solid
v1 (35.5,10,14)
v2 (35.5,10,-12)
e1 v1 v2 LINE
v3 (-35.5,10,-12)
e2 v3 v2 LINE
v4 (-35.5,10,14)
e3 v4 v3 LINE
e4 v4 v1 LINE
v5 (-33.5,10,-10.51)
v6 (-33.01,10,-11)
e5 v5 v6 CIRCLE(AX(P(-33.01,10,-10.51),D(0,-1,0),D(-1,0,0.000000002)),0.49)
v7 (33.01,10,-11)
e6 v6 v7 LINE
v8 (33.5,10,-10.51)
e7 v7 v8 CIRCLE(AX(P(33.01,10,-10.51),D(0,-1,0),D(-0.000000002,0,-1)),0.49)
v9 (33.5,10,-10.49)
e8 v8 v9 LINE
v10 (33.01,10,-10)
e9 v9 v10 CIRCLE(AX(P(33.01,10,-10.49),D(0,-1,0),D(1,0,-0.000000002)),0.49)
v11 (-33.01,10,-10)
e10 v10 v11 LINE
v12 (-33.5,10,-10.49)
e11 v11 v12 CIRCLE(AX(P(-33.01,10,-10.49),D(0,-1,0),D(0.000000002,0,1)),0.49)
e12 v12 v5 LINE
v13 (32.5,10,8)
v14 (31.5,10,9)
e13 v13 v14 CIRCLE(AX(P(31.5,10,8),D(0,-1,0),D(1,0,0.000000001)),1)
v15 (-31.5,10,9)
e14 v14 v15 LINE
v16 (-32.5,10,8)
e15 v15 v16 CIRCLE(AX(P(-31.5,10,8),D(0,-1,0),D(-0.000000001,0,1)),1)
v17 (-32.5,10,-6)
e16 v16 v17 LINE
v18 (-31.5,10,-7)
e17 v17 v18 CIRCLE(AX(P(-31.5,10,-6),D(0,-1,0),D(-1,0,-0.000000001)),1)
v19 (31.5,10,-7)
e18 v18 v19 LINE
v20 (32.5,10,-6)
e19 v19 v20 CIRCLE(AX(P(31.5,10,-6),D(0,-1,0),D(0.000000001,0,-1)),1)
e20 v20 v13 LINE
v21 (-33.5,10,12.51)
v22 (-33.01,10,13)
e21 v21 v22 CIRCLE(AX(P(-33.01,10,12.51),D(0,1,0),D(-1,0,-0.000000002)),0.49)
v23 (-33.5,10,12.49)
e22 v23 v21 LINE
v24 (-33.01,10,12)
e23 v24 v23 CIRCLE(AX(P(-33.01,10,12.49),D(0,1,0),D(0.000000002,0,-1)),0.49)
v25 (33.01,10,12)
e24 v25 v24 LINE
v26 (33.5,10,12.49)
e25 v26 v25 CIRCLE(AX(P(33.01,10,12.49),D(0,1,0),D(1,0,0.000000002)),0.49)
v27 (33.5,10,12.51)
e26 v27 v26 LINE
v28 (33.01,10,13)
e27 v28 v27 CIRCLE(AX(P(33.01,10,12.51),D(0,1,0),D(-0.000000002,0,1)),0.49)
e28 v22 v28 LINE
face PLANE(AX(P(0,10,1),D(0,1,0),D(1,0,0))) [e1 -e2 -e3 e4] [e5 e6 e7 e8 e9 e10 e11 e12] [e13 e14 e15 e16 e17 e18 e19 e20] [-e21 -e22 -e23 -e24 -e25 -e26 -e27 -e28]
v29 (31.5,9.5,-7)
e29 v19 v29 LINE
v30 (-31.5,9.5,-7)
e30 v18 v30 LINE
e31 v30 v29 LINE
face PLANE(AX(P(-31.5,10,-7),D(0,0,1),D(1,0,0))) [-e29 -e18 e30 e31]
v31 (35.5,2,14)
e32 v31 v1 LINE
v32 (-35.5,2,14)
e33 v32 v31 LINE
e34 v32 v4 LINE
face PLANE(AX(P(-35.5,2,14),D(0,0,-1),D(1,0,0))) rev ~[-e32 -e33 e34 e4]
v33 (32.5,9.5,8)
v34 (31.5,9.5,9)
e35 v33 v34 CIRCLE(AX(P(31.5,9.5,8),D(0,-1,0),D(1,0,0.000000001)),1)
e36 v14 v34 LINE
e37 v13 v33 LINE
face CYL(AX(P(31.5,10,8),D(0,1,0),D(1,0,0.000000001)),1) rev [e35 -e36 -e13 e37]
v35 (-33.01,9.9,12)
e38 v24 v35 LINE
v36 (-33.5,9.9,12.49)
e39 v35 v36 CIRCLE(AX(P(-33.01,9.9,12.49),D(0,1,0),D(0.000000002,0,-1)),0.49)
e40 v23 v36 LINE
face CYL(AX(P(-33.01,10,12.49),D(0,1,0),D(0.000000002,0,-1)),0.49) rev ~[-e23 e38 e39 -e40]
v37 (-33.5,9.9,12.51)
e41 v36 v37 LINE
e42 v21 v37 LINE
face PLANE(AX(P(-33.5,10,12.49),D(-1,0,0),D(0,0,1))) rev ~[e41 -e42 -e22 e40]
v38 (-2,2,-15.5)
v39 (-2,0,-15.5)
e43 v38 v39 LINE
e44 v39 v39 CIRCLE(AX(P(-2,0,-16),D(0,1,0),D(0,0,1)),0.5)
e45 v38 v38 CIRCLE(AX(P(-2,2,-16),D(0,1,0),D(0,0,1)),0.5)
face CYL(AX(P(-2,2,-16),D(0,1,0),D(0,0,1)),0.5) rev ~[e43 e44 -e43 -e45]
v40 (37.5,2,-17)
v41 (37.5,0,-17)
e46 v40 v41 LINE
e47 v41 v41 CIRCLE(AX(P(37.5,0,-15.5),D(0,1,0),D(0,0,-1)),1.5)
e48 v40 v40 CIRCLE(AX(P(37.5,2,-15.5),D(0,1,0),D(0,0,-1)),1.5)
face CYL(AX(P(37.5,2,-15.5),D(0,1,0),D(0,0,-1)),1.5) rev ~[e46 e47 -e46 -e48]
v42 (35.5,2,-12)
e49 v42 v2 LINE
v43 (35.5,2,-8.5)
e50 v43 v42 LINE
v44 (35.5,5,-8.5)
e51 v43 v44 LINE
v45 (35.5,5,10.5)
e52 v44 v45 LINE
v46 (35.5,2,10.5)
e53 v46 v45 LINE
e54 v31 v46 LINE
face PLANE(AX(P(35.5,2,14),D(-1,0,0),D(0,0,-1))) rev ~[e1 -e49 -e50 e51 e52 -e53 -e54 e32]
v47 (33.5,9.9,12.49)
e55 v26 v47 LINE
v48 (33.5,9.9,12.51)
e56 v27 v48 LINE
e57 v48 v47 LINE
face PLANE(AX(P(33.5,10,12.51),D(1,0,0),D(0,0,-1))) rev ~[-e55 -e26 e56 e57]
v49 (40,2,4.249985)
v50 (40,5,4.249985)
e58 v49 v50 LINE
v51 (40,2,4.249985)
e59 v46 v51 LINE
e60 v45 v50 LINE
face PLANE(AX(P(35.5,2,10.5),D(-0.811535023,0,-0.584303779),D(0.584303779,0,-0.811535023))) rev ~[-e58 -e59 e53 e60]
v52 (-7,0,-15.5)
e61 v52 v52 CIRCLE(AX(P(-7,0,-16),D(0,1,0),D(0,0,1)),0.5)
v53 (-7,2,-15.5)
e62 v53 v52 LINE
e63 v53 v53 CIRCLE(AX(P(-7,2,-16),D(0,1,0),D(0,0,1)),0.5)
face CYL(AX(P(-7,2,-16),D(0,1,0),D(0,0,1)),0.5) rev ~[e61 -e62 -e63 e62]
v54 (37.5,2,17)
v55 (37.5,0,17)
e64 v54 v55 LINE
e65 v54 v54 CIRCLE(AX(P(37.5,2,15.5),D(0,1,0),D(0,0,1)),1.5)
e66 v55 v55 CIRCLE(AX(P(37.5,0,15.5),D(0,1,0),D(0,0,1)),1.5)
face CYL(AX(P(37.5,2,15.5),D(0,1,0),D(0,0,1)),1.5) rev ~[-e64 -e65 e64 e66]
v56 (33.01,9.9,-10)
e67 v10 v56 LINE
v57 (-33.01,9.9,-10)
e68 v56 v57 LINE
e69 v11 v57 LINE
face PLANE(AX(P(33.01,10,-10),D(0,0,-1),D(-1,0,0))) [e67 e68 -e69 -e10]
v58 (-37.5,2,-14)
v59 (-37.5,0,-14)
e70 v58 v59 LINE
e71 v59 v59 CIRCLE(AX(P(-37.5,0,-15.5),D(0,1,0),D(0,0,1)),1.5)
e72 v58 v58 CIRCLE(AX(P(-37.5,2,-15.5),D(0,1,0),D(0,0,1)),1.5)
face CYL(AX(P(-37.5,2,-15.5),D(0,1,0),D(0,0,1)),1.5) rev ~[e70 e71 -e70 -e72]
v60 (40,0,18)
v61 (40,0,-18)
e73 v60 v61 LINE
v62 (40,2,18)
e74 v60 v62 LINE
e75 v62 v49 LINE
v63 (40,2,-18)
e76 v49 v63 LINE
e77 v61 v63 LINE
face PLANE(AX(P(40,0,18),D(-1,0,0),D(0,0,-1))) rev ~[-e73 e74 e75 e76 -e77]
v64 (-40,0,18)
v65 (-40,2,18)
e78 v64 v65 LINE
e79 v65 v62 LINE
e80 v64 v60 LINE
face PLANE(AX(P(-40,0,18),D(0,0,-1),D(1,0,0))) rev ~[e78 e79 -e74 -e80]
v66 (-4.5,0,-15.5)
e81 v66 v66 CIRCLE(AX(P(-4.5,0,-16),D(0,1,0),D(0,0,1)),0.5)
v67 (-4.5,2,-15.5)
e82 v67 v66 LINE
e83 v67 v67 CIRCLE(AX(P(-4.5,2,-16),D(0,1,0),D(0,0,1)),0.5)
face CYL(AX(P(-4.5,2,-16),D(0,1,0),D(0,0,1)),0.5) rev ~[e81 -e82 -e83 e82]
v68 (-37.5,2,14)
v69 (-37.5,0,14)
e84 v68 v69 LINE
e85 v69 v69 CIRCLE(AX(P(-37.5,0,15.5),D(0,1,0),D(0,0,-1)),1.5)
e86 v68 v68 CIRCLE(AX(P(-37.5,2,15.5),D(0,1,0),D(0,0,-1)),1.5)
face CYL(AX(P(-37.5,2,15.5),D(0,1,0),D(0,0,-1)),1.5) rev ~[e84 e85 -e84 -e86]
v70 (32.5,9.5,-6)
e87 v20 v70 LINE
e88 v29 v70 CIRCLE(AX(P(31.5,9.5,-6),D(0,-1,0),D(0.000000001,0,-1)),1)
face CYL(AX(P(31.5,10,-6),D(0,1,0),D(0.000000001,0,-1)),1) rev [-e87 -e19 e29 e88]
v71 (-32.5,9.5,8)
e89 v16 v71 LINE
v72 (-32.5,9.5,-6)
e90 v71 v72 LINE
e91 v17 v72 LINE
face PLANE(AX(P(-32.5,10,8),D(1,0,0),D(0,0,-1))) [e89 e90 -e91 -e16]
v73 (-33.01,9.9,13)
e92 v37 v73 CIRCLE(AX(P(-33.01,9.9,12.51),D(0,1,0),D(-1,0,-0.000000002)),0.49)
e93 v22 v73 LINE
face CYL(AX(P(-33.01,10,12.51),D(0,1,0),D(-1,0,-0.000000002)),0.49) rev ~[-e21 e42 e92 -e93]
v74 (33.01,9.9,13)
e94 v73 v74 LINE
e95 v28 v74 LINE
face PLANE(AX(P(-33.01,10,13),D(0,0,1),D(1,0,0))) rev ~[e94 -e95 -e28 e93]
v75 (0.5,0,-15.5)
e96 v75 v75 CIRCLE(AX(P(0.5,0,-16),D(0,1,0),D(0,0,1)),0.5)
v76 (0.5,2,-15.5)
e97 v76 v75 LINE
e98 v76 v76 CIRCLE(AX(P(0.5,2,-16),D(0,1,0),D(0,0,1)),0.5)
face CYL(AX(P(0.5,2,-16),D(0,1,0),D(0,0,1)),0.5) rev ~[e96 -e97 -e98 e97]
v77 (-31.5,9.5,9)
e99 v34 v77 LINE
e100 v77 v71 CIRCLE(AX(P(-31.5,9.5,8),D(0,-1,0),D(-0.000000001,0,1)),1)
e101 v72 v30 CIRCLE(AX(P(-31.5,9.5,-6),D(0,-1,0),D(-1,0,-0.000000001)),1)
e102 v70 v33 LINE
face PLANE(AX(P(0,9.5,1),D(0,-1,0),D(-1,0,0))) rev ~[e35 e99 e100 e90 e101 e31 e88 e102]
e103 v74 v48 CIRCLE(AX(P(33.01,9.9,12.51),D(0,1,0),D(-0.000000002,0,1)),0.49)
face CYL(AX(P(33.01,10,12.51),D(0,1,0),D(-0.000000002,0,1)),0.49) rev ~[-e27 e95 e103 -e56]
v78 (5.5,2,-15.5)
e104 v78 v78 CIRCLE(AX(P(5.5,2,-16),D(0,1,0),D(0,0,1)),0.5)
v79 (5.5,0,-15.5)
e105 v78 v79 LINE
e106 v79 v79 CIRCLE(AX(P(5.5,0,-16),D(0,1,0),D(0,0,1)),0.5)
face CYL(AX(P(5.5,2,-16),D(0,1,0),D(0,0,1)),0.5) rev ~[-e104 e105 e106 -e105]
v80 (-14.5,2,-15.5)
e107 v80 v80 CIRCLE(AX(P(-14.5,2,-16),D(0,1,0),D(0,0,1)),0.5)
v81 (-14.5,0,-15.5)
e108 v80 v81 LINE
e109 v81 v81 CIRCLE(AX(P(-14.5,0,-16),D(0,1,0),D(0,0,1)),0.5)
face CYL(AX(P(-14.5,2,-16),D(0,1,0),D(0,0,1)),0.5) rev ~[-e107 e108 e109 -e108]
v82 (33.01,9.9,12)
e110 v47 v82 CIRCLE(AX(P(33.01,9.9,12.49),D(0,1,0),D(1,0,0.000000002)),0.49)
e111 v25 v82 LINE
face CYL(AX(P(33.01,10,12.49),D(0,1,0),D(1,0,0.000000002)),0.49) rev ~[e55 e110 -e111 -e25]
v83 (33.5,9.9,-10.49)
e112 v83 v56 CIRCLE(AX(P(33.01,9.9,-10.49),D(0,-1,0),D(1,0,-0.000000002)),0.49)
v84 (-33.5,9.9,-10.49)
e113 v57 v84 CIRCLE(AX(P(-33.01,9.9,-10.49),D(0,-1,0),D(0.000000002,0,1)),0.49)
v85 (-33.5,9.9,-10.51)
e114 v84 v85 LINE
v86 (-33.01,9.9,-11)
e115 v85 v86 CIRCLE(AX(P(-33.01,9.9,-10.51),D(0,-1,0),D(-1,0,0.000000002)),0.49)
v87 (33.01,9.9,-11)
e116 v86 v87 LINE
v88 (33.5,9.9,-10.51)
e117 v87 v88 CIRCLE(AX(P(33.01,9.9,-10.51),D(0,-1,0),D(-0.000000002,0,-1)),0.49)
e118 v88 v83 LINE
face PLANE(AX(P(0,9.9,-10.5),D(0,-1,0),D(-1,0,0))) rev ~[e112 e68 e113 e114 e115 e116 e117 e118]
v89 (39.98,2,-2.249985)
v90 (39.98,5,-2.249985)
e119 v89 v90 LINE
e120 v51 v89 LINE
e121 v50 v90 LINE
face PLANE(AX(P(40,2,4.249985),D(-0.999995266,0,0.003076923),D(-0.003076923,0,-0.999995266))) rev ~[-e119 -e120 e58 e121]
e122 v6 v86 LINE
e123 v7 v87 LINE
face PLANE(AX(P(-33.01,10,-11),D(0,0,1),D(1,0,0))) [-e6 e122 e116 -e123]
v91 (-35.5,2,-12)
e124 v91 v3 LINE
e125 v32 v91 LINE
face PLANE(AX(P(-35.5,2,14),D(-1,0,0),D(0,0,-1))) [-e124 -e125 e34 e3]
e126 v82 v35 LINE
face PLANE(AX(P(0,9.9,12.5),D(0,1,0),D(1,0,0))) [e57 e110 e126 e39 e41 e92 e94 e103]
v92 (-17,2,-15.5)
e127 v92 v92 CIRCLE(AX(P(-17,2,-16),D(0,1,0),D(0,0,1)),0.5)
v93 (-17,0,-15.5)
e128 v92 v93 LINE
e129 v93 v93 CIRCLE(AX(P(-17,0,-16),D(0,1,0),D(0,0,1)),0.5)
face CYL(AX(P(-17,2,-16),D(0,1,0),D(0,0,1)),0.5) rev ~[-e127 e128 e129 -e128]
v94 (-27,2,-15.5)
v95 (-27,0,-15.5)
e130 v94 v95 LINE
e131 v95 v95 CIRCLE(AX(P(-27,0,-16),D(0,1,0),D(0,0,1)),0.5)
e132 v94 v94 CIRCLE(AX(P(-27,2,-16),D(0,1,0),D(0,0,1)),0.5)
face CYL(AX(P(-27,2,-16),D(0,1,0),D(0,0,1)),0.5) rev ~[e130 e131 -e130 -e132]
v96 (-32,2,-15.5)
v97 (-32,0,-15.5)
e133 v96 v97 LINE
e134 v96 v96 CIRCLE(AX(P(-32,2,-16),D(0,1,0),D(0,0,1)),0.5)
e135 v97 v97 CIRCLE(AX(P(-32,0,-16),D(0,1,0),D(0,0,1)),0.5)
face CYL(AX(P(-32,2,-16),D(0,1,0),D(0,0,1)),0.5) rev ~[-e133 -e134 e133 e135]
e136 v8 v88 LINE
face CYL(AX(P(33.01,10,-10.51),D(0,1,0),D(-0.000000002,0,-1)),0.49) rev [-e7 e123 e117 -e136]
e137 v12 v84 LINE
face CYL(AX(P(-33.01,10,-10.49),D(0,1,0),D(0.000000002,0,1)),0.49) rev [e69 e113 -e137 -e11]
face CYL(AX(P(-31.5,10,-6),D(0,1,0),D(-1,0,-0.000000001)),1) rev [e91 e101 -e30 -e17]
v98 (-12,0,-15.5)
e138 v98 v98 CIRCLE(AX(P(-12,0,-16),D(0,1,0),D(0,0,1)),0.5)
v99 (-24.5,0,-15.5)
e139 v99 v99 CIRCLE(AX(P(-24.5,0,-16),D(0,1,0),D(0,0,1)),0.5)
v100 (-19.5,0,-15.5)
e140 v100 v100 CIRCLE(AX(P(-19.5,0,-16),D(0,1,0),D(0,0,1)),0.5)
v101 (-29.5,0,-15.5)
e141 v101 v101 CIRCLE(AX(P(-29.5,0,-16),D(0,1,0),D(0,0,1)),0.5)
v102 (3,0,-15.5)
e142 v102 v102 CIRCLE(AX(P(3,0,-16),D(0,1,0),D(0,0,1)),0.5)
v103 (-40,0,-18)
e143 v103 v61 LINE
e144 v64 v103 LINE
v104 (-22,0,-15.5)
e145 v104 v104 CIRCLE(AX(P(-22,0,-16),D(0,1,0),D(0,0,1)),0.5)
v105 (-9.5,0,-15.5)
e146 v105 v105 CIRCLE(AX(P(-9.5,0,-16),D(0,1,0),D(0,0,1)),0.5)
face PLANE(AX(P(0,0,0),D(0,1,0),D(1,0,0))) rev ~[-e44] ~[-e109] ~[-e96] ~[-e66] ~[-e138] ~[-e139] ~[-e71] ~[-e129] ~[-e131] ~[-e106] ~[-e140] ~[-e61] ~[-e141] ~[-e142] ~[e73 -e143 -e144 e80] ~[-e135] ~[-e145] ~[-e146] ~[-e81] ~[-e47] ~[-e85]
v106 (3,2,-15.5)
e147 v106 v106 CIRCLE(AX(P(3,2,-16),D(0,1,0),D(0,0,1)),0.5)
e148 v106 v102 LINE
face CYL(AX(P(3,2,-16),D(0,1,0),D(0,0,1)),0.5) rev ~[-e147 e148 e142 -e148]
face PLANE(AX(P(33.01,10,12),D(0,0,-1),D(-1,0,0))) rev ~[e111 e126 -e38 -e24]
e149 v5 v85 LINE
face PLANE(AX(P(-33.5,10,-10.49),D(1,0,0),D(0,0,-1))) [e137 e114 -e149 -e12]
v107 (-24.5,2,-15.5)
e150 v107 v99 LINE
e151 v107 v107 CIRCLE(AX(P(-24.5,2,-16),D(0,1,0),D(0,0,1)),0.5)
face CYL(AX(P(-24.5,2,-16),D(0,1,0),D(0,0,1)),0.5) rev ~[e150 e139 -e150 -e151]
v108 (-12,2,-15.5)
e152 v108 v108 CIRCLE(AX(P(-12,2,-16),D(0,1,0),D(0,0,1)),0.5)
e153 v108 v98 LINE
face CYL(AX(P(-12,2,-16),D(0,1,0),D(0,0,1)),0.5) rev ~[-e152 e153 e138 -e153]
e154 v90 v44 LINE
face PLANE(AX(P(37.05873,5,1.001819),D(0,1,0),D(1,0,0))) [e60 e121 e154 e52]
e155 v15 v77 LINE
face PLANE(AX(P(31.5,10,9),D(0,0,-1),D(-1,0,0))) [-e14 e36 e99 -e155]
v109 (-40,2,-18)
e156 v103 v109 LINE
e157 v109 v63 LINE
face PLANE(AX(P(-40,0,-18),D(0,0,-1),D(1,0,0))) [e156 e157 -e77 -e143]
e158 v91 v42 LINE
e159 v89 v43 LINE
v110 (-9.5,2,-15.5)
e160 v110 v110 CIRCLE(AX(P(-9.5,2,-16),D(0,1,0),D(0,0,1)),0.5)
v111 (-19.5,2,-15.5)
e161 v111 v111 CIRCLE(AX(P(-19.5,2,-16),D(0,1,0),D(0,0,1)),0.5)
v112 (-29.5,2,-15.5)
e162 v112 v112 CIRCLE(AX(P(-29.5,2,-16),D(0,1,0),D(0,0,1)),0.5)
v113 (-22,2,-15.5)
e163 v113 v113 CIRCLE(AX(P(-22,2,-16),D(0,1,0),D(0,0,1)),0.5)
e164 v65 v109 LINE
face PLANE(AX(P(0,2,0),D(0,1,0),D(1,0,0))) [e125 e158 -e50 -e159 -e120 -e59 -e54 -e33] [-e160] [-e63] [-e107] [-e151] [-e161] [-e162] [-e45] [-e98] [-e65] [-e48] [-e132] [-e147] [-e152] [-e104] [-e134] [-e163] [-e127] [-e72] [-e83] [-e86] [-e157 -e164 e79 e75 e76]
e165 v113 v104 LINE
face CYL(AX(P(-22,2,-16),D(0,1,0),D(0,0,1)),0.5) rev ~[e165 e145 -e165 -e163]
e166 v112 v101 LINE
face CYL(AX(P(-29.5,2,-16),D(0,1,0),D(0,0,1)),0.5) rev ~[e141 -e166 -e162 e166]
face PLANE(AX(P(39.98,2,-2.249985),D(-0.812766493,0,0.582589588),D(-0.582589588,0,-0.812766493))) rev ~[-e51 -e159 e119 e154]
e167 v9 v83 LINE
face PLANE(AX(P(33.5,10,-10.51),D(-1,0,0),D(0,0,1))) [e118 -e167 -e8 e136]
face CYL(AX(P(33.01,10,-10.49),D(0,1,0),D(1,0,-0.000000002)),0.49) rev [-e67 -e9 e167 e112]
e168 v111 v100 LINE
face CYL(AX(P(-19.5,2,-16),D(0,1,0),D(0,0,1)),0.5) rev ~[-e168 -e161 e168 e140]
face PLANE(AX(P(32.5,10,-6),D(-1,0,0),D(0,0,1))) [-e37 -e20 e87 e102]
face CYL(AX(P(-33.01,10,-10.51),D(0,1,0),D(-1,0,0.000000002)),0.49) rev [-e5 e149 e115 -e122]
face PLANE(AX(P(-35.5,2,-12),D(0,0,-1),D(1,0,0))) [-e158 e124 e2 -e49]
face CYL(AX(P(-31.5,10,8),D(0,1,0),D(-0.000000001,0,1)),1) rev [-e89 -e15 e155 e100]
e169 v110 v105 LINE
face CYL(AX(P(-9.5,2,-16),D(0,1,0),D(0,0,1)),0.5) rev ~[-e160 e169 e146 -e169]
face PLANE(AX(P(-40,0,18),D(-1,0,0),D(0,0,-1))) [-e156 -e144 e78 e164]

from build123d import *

# Parameters (mm, degrees)
SKETCH1_W           = 80
SKETCH1_H           = 36
BOSS_EXTRUDE1_DEPTH = 2
SKETCH2_R           = 1.5
CUT_EXTRUDE1_DEPTH  = 44.9089968
SKETCH3_W           = 71
SKETCH3_H           = 26
BOSS_EXTRUDE2_DEPTH = 8
CUT_EXTRUDE2_DEPTH  = 0.5
CUT_EXTRUDE3_DEPTH  = 0.1
BOSS_EXTRUDE3_DEPTH = 3
SKETCH10_R          = 0.5
CUT_EXTRUDE4_DEPTH  = 45.586993619


with BuildPart() as part:
    # Sketch1 → Boss-Extrude1 (new body)
    with BuildSketch(Plane(origin=(0, 0, 0), x_dir=(1, 0, 0), z_dir=(0, 1, 0))):
        Rectangle(SKETCH1_W, SKETCH1_H)
    extrude(amount=BOSS_EXTRUDE1_DEPTH)

    # Sketch2 → Cut-Extrude1 (cut, through all)
    with BuildSketch(Plane(origin=(0, 2, 0), x_dir=(1, 0, 0), z_dir=(0, 1, 0))):
        with Locations(Location((-37.5, 15.5, 0), (0, 0, 270))):
            Circle(SKETCH2_R)
        with Locations(Location((37.5, 15.5, 0), (0, 0, 90))):
            Circle(SKETCH2_R)
        with Locations(Location((-37.5, -15.5, 0), (0, 0, 90))):
            Circle(SKETCH2_R)
        with Locations(Location((37.5, -15.5, 0), (0, 0, 270))):
            Circle(SKETCH2_R)
    extrude(amount=-CUT_EXTRUDE1_DEPTH, mode=Mode.SUBTRACT)

    # Sketch3 → Boss-Extrude2 (add)
    with BuildSketch(Plane(origin=(0, 2, 0), x_dir=(1, 0, 0), z_dir=(0, 1, 0))):
        with Locations((0, -1)):
            Rectangle(SKETCH3_W, SKETCH3_H)
    extrude(amount=BOSS_EXTRUDE2_DEPTH)

    # Sketch5 → Cut-Extrude2 (cut)
    with BuildSketch(Plane(origin=(0, 10, 0), x_dir=(1, 0, 0), z_dir=(0, 1, 0))):
        with BuildLine():
            Line((-31.5, 7), (31.5, 7))
            ThreePointArc((31.5, 7), (32.207106781, 6.707106781), (32.5, 6))
            Line((32.5, 6), (32.5, -8))
            ThreePointArc((32.5, -8), (32.207106781, -8.707106781), (31.5, -9))
            Line((31.5, -9), (-31.5, -9))
            ThreePointArc((-31.5, -9), (-32.207106781, -8.707106781), (-32.5, -8))
            Line((-32.5, -8), (-32.5, 6))
            ThreePointArc((-32.5, 6), (-32.207106781, 6.707106781), (-31.5, 7))
        make_face()
    extrude(amount=-CUT_EXTRUDE2_DEPTH, mode=Mode.SUBTRACT)

    # Sketch6 → Cut-Extrude3 (cut)
    with BuildSketch(Plane(origin=(0, 10, 0), x_dir=(1, 0, 0), z_dir=(0, 1, 0))):
        with BuildLine():
            Line((33.01, 10), (-33.01, 10))
            ThreePointArc((-33.01, 10), (-33.356482323, 10.143517677), (-33.5, 10.49))
            Line((-33.5, 10.49), (-33.5, 10.51))
            ThreePointArc((-33.5, 10.51), (-33.356482323, 10.856482323), (-33.01, 11))
            Line((-33.01, 11), (33.01, 11))
            ThreePointArc((33.01, 11), (33.356482323, 10.856482323), (33.5, 10.51))
            Line((33.5, 10.51), (33.5, 10.49))
            ThreePointArc((33.5, 10.49), (33.356482323, 10.143517677), (33.01, 10))
        make_face()
        with BuildLine():
            Line((-33.5, -12.49), (-33.5, -12.51))
            ThreePointArc((-33.5, -12.51), (-33.356482323, -12.856482323), (-33.01, -13))
            Line((-33.01, -13), (33.01, -13))
            ThreePointArc((33.01, -13), (33.356482323, -12.856482323), (33.5, -12.51))
            Line((33.5, -12.51), (33.5, -12.49))
            ThreePointArc((33.5, -12.49), (33.356482323, -12.143517677), (33.01, -12))
            Line((33.01, -12), (-33.01, -12))
            ThreePointArc((-33.01, -12), (-33.356482323, -12.143517677), (-33.5, -12.49))
        make_face()
    extrude(amount=-CUT_EXTRUDE3_DEPTH, mode=Mode.SUBTRACT)

    # Sketch7 → Boss-Extrude3 (add)
    with BuildSketch(Plane(origin=(0, 2, 0), x_dir=(1, 0, 0), z_dir=(0, 1, 0))):
        Polygon((35.5, 8.5), (35.5, -10.5), (40, -4.249984615), (39.98, 2.249984615), align=None)
    extrude(amount=BOSS_EXTRUDE3_DEPTH)

    # Sketch10 → Cut-Extrude4 (cut, through all)
    with BuildSketch(Plane(origin=(0, 2, 0), x_dir=(1, 0, 0), z_dir=(0, 1, 0))):
        with Locations(Location((-32, 16, 0), (0, 0, 270))):
            Circle(SKETCH10_R)
        with Locations(Location((-29.5, 16, 0), (0, 0, 270))):
            Circle(SKETCH10_R)
        with Locations(Location((-27, 16, 0), (0, 0, 270))):
            Circle(SKETCH10_R)
        with Locations(Location((-24.5, 16, 0), (0, 0, 270))):
            Circle(SKETCH10_R)
        with Locations(Location((-22, 16, 0), (0, 0, 270))):
            Circle(SKETCH10_R)
        with Locations(Location((-19.5, 16, 0), (0, 0, 270))):
            Circle(SKETCH10_R)
        with Locations(Location((-17, 16, 0), (0, 0, 270))):
            Circle(SKETCH10_R)
        with Locations(Location((-14.5, 16, 0), (0, 0, 270))):
            Circle(SKETCH10_R)
        with Locations(Location((-12, 16, 0), (0, 0, 270))):
            Circle(SKETCH10_R)
        with Locations(Location((-9.5, 16, 0), (0, 0, 270))):
            Circle(SKETCH10_R)
        with Locations(Location((-7, 16, 0), (0, 0, 270))):
            Circle(SKETCH10_R)
        with Locations(Location((-4.5, 16, 0), (0, 0, 270))):
            Circle(SKETCH10_R)
        with Locations(Location((-2, 16, 0), (0, 0, 270))):
            Circle(SKETCH10_R)
        with Locations(Location((0.5, 16, 0), (0, 0, 270))):
            Circle(SKETCH10_R)
        with Locations(Location((3, 16, 0), (0, 0, 270))):
            Circle(SKETCH10_R)
        with Locations(Location((5.5, 16, 0), (0, 0, 270))):
            Circle(SKETCH10_R)
    extrude(amount=-CUT_EXTRUDE4_DEPTH, mode=Mode.SUBTRACT)


solid = part.part
